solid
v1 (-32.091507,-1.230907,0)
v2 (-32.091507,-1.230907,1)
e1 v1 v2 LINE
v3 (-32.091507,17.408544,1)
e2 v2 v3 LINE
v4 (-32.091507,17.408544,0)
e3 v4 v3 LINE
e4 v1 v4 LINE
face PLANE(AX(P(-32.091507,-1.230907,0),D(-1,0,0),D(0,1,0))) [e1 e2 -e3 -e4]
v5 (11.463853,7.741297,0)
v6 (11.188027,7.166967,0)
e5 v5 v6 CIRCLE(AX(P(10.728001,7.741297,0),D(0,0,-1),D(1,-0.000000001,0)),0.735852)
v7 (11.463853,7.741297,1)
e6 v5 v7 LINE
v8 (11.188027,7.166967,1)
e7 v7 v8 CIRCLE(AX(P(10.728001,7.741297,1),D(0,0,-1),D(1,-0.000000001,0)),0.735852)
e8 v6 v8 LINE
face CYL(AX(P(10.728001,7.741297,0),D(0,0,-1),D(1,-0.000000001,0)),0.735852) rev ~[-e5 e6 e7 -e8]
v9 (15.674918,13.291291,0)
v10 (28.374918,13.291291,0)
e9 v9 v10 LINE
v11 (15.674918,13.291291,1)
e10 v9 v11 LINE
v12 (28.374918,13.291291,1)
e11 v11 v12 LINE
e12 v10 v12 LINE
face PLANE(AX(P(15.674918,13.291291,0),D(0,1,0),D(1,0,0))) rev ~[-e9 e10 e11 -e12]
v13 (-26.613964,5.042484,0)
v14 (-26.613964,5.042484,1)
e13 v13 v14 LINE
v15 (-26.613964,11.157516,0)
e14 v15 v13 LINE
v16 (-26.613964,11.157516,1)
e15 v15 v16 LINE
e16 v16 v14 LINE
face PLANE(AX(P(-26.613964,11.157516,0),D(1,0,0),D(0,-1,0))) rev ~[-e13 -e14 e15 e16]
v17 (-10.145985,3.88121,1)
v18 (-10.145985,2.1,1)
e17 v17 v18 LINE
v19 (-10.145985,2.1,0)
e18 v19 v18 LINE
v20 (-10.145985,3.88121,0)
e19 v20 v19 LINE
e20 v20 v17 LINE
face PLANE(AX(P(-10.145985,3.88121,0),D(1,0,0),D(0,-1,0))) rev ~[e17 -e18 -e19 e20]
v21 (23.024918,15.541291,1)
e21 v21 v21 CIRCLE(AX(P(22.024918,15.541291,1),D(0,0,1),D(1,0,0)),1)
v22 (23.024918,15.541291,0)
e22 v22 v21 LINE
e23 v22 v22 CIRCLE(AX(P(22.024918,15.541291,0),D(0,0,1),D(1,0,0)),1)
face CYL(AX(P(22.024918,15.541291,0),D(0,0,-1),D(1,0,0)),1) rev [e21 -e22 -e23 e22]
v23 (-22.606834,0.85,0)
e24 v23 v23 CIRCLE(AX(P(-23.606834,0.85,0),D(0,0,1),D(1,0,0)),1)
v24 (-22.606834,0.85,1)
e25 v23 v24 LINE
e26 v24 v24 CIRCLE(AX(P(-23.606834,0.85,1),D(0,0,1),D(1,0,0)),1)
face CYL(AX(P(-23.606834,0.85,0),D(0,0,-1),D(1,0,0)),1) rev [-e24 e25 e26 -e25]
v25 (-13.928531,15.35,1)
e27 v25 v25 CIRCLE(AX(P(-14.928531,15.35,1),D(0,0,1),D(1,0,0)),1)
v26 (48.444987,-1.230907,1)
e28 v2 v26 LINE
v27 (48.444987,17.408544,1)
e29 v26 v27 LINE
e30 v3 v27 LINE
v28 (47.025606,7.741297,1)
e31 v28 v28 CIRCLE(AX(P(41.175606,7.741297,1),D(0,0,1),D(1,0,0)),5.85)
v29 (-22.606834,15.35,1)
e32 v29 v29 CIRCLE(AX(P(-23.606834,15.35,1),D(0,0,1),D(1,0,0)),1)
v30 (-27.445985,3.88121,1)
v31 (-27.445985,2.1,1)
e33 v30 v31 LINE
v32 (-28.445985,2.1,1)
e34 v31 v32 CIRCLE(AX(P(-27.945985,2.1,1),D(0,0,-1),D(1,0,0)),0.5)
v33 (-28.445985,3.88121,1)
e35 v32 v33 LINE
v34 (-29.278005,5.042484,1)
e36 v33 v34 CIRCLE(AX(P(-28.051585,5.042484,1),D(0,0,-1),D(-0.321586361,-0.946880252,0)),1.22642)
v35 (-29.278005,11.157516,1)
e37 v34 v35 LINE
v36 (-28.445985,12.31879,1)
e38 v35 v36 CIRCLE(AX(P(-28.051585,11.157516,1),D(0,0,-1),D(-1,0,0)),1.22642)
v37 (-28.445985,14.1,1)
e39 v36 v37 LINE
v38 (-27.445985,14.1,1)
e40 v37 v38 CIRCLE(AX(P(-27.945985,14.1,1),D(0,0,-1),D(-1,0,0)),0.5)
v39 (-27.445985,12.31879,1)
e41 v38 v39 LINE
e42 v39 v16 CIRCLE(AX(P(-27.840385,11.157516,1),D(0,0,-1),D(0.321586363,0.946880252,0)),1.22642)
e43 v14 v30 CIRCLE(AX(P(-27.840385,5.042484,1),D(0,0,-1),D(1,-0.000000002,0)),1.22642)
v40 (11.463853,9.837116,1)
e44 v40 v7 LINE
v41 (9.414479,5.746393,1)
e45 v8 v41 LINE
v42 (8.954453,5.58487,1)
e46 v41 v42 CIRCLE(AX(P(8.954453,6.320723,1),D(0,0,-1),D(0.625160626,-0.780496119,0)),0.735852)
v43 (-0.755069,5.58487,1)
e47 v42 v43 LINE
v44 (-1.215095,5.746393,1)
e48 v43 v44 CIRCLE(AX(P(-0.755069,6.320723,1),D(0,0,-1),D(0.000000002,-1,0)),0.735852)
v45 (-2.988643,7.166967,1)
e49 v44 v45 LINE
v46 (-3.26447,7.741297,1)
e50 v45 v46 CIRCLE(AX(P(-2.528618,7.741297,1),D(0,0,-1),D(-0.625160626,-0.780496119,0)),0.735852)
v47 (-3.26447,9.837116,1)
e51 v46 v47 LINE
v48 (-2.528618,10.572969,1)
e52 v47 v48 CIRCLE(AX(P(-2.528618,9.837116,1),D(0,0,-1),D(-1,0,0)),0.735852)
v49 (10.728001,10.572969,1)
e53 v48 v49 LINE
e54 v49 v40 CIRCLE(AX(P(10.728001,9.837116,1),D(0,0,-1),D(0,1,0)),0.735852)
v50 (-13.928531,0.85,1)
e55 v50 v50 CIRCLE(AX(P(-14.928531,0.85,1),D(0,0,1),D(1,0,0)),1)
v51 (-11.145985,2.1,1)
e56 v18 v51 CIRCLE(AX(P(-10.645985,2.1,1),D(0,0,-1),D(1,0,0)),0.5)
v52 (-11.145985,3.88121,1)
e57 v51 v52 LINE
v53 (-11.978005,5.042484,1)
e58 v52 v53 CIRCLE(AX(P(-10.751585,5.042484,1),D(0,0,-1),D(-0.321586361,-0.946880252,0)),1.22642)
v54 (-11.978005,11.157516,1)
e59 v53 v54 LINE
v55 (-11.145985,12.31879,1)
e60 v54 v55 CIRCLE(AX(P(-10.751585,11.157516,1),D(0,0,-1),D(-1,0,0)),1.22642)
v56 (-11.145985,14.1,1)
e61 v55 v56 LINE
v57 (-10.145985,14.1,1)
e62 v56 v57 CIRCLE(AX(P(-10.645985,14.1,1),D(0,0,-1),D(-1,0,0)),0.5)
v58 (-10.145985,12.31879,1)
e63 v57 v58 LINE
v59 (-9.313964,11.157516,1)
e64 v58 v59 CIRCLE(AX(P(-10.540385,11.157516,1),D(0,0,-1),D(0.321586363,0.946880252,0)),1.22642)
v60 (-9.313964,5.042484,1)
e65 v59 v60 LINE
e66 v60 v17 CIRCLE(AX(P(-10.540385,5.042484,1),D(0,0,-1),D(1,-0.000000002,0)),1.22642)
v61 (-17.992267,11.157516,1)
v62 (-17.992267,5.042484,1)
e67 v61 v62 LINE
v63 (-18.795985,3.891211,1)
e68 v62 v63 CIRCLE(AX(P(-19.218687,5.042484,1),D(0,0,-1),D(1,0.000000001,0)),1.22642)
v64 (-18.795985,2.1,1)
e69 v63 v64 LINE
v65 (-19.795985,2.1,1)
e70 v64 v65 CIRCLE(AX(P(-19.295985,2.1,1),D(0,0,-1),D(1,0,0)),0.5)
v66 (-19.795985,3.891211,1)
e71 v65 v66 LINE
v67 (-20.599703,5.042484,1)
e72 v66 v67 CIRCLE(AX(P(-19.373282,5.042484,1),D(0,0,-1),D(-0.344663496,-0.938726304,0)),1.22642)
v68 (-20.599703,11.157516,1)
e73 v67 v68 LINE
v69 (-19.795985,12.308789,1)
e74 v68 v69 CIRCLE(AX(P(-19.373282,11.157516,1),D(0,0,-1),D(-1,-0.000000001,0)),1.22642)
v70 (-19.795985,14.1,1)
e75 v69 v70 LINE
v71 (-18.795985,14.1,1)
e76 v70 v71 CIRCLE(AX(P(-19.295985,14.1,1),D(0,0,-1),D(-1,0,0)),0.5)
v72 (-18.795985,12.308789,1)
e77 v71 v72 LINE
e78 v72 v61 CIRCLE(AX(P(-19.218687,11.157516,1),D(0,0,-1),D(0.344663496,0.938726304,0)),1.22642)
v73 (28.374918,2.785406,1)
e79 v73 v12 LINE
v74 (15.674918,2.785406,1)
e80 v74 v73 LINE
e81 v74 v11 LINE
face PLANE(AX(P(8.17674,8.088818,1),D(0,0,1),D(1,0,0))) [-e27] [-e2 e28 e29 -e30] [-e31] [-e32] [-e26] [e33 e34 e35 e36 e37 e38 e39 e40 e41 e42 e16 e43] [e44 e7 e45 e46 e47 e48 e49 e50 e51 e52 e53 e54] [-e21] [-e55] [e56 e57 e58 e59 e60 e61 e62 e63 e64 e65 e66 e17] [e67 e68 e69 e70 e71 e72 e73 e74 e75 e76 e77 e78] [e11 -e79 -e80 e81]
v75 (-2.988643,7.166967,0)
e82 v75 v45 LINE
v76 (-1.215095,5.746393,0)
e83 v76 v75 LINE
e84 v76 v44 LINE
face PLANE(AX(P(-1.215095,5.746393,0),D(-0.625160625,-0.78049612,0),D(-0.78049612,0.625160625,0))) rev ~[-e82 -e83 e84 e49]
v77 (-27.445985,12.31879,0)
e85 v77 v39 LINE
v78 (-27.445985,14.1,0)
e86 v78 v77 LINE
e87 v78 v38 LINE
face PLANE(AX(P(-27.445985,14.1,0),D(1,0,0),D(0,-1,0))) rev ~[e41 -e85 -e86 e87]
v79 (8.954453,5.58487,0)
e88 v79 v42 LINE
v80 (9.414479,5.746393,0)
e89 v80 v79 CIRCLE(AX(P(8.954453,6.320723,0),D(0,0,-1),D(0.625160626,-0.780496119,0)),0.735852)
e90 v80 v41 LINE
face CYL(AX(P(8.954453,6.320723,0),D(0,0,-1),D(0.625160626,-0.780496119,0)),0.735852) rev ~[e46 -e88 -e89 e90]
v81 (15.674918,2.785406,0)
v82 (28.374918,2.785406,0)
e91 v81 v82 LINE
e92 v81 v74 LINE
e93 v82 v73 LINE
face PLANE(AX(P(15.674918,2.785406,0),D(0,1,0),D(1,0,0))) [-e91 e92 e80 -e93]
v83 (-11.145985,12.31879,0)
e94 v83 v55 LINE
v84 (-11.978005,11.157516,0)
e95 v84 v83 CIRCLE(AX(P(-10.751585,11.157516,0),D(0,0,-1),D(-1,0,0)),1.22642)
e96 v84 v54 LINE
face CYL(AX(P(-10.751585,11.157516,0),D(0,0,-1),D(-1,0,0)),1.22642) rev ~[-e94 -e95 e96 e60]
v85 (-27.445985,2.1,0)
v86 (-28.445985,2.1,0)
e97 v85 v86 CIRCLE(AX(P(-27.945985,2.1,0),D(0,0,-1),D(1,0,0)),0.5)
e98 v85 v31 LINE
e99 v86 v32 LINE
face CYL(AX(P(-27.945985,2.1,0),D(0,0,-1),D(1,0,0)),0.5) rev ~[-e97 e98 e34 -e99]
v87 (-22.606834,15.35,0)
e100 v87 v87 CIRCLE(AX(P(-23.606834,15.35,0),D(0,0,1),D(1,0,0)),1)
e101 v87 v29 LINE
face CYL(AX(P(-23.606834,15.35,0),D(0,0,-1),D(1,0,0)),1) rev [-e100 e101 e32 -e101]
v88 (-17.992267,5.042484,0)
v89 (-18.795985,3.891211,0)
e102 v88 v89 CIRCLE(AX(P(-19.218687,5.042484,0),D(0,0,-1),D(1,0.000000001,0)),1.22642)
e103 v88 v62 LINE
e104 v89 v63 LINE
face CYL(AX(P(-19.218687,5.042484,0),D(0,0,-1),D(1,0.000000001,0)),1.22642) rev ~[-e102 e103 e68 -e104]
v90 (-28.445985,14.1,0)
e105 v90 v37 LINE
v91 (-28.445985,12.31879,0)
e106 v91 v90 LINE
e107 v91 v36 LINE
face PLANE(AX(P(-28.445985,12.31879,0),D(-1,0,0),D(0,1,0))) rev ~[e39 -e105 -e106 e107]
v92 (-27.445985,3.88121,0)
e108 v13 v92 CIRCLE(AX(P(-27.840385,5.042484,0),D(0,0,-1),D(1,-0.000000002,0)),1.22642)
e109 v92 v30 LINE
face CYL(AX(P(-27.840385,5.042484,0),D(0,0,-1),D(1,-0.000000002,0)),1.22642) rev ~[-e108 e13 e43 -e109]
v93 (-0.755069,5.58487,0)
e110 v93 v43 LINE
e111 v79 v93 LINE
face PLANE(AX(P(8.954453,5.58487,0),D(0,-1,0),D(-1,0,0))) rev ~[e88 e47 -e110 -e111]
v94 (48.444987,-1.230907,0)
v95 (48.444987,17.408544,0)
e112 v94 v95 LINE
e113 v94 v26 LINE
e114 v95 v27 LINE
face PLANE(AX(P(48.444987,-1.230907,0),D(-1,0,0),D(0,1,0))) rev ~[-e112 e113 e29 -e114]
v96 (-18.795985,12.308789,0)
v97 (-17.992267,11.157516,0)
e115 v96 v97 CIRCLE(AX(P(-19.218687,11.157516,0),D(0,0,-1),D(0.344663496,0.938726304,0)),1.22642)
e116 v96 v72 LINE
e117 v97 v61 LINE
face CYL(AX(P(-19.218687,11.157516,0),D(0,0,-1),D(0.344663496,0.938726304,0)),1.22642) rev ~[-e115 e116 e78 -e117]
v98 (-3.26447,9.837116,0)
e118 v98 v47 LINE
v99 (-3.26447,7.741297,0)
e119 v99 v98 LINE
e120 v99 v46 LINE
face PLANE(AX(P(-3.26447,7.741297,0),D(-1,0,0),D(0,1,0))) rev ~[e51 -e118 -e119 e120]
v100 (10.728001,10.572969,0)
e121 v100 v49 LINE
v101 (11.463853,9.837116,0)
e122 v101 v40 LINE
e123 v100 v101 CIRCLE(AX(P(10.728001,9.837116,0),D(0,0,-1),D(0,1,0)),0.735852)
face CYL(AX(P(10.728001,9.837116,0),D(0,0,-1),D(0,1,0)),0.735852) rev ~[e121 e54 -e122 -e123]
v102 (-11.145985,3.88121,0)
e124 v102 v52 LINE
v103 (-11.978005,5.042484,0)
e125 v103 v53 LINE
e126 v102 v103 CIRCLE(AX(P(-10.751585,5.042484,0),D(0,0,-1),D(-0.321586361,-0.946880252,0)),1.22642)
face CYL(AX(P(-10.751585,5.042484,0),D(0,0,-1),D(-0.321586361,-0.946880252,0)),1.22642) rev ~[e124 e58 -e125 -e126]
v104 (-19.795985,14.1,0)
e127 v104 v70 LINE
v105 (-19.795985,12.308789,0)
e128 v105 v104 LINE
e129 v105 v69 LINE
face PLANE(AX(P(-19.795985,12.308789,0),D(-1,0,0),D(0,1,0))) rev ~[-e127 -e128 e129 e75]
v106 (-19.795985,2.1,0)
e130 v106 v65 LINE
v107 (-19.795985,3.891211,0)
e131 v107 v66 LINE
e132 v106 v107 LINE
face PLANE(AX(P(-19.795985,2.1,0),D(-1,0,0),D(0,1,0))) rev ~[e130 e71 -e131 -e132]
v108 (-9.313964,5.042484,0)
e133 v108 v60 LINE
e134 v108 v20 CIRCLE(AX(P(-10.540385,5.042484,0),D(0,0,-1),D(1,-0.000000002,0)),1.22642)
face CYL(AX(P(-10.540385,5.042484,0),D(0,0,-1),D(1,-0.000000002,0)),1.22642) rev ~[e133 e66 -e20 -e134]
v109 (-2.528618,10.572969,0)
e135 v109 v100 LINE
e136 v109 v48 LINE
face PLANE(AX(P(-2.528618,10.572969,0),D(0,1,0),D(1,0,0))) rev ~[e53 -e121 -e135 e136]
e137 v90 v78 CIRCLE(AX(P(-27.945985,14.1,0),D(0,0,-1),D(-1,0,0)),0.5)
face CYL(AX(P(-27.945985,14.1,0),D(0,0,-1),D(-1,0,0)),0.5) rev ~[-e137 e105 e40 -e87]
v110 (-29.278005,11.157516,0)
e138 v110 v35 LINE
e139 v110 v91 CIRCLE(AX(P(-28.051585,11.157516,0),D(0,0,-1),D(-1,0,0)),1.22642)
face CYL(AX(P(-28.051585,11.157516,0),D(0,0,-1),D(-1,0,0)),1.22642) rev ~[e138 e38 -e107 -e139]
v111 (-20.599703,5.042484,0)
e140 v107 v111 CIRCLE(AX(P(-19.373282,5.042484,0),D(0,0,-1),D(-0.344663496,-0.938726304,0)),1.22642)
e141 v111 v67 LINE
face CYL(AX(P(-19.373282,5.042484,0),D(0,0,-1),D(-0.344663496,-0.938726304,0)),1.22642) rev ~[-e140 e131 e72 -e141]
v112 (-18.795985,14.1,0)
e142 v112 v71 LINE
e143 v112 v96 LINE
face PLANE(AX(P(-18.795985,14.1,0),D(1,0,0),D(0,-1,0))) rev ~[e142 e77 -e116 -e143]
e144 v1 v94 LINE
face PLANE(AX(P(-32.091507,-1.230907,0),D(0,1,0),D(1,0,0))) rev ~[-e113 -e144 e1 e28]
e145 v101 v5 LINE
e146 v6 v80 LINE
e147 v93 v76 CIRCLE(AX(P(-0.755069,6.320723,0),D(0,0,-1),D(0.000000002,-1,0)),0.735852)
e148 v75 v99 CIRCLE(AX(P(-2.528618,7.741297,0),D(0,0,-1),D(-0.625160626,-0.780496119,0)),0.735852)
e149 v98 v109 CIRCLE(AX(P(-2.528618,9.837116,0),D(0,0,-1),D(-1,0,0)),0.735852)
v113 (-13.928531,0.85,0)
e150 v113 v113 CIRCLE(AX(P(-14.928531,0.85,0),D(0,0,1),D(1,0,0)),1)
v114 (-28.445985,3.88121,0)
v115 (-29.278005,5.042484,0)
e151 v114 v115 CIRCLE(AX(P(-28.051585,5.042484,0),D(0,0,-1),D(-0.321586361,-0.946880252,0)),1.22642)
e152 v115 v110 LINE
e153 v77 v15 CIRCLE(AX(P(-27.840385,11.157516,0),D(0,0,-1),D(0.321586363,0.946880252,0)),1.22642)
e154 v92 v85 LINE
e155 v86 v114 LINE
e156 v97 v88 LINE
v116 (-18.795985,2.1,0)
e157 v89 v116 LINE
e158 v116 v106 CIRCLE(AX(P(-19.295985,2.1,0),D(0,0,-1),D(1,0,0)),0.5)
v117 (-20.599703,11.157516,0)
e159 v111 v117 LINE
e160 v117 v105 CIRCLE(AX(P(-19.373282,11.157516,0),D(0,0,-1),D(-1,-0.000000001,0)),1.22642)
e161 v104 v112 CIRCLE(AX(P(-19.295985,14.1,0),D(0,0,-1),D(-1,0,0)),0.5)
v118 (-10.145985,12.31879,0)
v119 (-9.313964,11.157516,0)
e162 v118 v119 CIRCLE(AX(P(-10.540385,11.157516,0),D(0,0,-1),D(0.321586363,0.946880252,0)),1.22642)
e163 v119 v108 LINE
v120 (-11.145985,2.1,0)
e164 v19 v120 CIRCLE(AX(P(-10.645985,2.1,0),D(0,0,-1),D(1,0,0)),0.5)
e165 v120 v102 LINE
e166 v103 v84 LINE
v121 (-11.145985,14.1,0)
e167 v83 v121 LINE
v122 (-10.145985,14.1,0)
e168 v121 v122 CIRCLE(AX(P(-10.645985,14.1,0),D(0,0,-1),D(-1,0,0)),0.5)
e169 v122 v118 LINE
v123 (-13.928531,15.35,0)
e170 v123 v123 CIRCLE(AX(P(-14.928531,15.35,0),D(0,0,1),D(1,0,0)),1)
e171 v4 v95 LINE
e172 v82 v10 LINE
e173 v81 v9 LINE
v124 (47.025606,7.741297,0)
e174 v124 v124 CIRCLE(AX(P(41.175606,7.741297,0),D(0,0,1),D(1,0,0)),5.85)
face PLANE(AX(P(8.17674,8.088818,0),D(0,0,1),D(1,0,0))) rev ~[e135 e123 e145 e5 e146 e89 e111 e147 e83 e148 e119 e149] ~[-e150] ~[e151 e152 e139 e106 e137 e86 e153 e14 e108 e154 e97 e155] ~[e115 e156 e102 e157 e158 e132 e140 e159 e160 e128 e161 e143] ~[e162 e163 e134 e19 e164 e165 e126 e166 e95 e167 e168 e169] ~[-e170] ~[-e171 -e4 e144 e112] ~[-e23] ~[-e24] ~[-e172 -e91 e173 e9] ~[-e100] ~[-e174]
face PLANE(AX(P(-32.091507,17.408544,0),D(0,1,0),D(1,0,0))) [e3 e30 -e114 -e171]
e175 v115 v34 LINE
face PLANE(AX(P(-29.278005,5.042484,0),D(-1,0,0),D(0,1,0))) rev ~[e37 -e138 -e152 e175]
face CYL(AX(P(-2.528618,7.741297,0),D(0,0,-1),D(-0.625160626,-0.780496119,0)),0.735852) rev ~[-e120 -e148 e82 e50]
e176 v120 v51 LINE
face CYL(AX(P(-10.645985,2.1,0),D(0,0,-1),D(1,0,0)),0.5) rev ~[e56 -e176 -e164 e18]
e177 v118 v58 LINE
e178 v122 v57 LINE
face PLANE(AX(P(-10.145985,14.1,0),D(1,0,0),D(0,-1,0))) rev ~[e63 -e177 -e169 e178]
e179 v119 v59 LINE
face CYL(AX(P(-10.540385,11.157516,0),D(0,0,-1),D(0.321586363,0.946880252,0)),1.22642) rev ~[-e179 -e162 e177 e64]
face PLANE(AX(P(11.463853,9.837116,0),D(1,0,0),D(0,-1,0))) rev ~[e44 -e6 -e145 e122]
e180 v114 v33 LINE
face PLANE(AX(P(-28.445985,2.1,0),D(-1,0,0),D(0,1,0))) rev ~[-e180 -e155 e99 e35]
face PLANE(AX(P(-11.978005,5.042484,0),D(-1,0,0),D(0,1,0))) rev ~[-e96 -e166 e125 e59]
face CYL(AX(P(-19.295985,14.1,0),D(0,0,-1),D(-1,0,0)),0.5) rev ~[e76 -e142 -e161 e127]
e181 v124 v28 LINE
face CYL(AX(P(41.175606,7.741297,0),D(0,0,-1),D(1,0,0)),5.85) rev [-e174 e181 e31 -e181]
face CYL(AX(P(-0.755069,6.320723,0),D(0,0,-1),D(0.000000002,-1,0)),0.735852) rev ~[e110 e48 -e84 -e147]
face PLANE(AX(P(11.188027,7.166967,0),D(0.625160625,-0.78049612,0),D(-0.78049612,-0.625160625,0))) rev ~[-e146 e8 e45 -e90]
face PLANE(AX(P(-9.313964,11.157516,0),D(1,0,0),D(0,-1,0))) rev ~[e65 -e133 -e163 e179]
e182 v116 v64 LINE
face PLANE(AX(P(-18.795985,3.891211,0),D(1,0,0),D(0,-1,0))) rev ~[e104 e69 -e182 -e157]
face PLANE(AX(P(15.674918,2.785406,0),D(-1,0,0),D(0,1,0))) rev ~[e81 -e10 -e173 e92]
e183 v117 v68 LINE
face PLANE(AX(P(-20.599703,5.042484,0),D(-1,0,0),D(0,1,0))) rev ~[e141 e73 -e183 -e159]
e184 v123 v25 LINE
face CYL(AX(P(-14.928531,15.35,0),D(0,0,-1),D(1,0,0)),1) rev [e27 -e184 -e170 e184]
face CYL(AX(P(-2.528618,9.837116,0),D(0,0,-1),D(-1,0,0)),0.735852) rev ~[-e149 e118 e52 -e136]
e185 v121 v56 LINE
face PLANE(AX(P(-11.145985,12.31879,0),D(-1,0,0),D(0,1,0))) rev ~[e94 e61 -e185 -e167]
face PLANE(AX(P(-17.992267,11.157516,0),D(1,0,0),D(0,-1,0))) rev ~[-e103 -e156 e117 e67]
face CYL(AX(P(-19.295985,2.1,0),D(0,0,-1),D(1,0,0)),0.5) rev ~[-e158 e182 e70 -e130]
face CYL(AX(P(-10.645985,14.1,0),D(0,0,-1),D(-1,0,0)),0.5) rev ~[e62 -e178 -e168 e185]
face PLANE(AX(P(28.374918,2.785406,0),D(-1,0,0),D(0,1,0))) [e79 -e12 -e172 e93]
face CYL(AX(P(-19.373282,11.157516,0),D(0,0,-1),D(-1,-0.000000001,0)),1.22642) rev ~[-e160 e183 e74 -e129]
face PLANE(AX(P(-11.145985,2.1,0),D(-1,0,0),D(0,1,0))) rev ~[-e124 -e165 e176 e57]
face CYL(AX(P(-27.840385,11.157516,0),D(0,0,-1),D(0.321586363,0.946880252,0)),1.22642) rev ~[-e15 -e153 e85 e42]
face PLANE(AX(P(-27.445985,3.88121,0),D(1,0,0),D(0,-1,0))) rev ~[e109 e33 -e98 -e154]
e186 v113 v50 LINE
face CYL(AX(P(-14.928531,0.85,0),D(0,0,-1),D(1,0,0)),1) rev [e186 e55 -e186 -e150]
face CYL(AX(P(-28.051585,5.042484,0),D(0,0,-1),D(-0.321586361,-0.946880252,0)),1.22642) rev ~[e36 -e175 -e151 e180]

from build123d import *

# Parameters (mm, degrees)
SKETCH1_W           = 80.536494558
SKETCH1_H           = 18.639450705
SKETCH1_R           = 1
SKETCH1_W_2         = 12.7
SKETCH1_H_2         = 10.505884886
SKETCH1_R_2         = 5.85
BOSS_EXTRUDE1_DEPTH = 1


with BuildPart() as part:
    # Sketch1 → Boss-Extrude1 (new body)
    with BuildSketch(Plane.XY):
        with Locations((8.176740168, 8.08881823)):
            Rectangle(SKETCH1_W, SKETCH1_H)
        with Locations((-23.606833594, 0.85)):
            Circle(SKETCH1_R, mode=Mode.SUBTRACT)
        with Locations((-14.928531322, 0.85)):
            Circle(SKETCH1_R, mode=Mode.SUBTRACT)
        with BuildLine():
            Line((-1.215095217, 5.746392688), (-2.98864341, 7.166966689))
            ThreePointArc((-2.98864341, 7.166966689), (-3.191938605, 7.422731407), (-3.264469824, 7.741296549))
            Line((-3.264469824, 7.741296549), (-3.264469824, 9.837116478))
            ThreePointArc((-3.264469824, 9.837116478), (-3.048943677, 10.357442625), (-2.52861753, 10.572968772))
            Line((-2.52861753, 10.572968772), (10.728001089, 10.572968772))
            ThreePointArc((10.728001089, 10.572968772), (11.248327236, 10.357442625), (11.463853383, 9.837116478))
            Line((11.463853383, 9.837116478), (11.463853383, 7.741296549))
            ThreePointArc((11.463853383, 7.741296549), (11.391322164, 7.422731407), (11.188026969, 7.166966689))
            Line((11.188026969, 7.166966689), (9.414478776, 5.746392688))
            ThreePointArc((9.414478776, 5.746392688), (9.198232155, 5.626424146), (8.954452897, 5.584870255))
            Line((8.954452897, 5.584870255), (-0.755069338, 5.584870255))
            ThreePointArc((-0.755069338, 5.584870255), (-0.998848596, 5.626424146), (-1.215095217, 5.746392688))
        make_face(mode=Mode.SUBTRACT)
        with Locations((22.024917985, 8.038348308)):
            Rectangle(SKETCH1_W_2, SKETCH1_H_2, mode=Mode.SUBTRACT)
        with Locations((41.175605906, 7.741296549)):
            Circle(SKETCH1_R_2, mode=Mode.SUBTRACT)
        with BuildLine():
            Line((-27.44598473, 14.1), (-27.44598473, 12.318789547))
            ThreePointArc((-27.44598473, 12.318789547), (-26.843437597, 11.871801459), (-26.613964343, 11.157516205))
            Line((-26.613964343, 11.157516205), (-26.613964343, 5.042483795))
            ThreePointArc((-26.613964343, 5.042483795), (-26.843437597, 4.328198541), (-27.44598473, 3.881210453))
            Line((-27.44598473, 3.881210453), (-27.44598473, 2.1))
            ThreePointArc((-27.44598473, 2.1), (-27.94598473, 1.6), (-28.44598473, 2.1))
            Line((-28.44598473, 2.1), (-28.44598473, 3.881210453))
            ThreePointArc((-28.44598473, 3.881210453), (-29.048531864, 4.328198541), (-29.278005117, 5.042483795))
            Line((-29.278005117, 5.042483795), (-29.278005117, 11.157516205))
            ThreePointArc((-29.278005117, 11.157516205), (-29.048531864, 11.871801459), (-28.44598473, 12.318789547))
            Line((-28.44598473, 12.318789547), (-28.44598473, 14.1))
            ThreePointArc((-28.44598473, 14.1), (-27.94598473, 14.6), (-27.44598473, 14.1))
        make_face(mode=Mode.SUBTRACT)
        with BuildLine():
            ThreePointArc((-17.992266615, 5.042483795), (-18.213073344, 4.340452327), (-18.79598473, 3.891210622))
            Line((-18.79598473, 3.891210622), (-18.79598473, 2.1))
            ThreePointArc((-18.79598473, 2.1), (-19.29598473, 1.6), (-19.79598473, 2.1))
            Line((-19.79598473, 2.1), (-19.79598473, 3.891210622))
            ThreePointArc((-19.79598473, 3.891210622), (-20.378896116, 4.340452327), (-20.599702845, 5.042483795))
            Line((-20.599702845, 5.042483795), (-20.599702845, 11.157516205))
            ThreePointArc((-20.599702845, 11.157516205), (-20.378896116, 11.859547673), (-19.79598473, 12.308789378))
            Line((-19.79598473, 12.308789378), (-19.79598473, 14.1))
            ThreePointArc((-19.79598473, 14.1), (-19.29598473, 14.6), (-18.79598473, 14.1))
            Line((-18.79598473, 14.1), (-18.79598473, 12.308789378))
            ThreePointArc((-18.79598473, 12.308789378), (-18.213073344, 11.859547673), (-17.992266615, 11.157516205))
            Line((-17.992266615, 11.157516205), (-17.992266615, 5.042483795))
        make_face(mode=Mode.SUBTRACT)
        with BuildLine():
            Line((-10.14598473, 14.1), (-10.14598473, 12.318789547))
            ThreePointArc((-10.14598473, 12.318789547), (-9.543437597, 11.871801459), (-9.313964343, 11.157516205))
            Line((-9.313964343, 11.157516205), (-9.313964343, 5.042483795))
            ThreePointArc((-9.313964343, 5.042483795), (-9.543437597, 4.328198541), (-10.14598473, 3.881210453))
            Line((-10.14598473, 3.881210453), (-10.14598473, 2.1))
            ThreePointArc((-10.14598473, 2.1), (-10.64598473, 1.6), (-11.14598473, 2.1))
            Line((-11.14598473, 2.1), (-11.14598473, 3.881210453))
            ThreePointArc((-11.14598473, 3.881210453), (-11.748531864, 4.328198541), (-11.978005117, 5.042483795))
            Line((-11.978005117, 5.042483795), (-11.978005117, 11.157516205))
            ThreePointArc((-11.978005117, 11.157516205), (-11.748531864, 11.871801459), (-11.14598473, 12.318789547))
            Line((-11.14598473, 12.318789547), (-11.14598473, 14.1))
            ThreePointArc((-11.14598473, 14.1), (-10.64598473, 14.6), (-10.14598473, 14.1))
        make_face(mode=Mode.SUBTRACT)
        with Locations((-23.606833594, 15.35)):
            Circle(SKETCH1_R, mode=Mode.SUBTRACT)
        with Locations((-14.928531322, 15.35)):
            Circle(SKETCH1_R, mode=Mode.SUBTRACT)
        with Locations((22.024917985, 15.541290751)):
            Circle(SKETCH1_R, mode=Mode.SUBTRACT)
    extrude(amount=BOSS_EXTRUDE1_DEPTH)


solid = part.part
